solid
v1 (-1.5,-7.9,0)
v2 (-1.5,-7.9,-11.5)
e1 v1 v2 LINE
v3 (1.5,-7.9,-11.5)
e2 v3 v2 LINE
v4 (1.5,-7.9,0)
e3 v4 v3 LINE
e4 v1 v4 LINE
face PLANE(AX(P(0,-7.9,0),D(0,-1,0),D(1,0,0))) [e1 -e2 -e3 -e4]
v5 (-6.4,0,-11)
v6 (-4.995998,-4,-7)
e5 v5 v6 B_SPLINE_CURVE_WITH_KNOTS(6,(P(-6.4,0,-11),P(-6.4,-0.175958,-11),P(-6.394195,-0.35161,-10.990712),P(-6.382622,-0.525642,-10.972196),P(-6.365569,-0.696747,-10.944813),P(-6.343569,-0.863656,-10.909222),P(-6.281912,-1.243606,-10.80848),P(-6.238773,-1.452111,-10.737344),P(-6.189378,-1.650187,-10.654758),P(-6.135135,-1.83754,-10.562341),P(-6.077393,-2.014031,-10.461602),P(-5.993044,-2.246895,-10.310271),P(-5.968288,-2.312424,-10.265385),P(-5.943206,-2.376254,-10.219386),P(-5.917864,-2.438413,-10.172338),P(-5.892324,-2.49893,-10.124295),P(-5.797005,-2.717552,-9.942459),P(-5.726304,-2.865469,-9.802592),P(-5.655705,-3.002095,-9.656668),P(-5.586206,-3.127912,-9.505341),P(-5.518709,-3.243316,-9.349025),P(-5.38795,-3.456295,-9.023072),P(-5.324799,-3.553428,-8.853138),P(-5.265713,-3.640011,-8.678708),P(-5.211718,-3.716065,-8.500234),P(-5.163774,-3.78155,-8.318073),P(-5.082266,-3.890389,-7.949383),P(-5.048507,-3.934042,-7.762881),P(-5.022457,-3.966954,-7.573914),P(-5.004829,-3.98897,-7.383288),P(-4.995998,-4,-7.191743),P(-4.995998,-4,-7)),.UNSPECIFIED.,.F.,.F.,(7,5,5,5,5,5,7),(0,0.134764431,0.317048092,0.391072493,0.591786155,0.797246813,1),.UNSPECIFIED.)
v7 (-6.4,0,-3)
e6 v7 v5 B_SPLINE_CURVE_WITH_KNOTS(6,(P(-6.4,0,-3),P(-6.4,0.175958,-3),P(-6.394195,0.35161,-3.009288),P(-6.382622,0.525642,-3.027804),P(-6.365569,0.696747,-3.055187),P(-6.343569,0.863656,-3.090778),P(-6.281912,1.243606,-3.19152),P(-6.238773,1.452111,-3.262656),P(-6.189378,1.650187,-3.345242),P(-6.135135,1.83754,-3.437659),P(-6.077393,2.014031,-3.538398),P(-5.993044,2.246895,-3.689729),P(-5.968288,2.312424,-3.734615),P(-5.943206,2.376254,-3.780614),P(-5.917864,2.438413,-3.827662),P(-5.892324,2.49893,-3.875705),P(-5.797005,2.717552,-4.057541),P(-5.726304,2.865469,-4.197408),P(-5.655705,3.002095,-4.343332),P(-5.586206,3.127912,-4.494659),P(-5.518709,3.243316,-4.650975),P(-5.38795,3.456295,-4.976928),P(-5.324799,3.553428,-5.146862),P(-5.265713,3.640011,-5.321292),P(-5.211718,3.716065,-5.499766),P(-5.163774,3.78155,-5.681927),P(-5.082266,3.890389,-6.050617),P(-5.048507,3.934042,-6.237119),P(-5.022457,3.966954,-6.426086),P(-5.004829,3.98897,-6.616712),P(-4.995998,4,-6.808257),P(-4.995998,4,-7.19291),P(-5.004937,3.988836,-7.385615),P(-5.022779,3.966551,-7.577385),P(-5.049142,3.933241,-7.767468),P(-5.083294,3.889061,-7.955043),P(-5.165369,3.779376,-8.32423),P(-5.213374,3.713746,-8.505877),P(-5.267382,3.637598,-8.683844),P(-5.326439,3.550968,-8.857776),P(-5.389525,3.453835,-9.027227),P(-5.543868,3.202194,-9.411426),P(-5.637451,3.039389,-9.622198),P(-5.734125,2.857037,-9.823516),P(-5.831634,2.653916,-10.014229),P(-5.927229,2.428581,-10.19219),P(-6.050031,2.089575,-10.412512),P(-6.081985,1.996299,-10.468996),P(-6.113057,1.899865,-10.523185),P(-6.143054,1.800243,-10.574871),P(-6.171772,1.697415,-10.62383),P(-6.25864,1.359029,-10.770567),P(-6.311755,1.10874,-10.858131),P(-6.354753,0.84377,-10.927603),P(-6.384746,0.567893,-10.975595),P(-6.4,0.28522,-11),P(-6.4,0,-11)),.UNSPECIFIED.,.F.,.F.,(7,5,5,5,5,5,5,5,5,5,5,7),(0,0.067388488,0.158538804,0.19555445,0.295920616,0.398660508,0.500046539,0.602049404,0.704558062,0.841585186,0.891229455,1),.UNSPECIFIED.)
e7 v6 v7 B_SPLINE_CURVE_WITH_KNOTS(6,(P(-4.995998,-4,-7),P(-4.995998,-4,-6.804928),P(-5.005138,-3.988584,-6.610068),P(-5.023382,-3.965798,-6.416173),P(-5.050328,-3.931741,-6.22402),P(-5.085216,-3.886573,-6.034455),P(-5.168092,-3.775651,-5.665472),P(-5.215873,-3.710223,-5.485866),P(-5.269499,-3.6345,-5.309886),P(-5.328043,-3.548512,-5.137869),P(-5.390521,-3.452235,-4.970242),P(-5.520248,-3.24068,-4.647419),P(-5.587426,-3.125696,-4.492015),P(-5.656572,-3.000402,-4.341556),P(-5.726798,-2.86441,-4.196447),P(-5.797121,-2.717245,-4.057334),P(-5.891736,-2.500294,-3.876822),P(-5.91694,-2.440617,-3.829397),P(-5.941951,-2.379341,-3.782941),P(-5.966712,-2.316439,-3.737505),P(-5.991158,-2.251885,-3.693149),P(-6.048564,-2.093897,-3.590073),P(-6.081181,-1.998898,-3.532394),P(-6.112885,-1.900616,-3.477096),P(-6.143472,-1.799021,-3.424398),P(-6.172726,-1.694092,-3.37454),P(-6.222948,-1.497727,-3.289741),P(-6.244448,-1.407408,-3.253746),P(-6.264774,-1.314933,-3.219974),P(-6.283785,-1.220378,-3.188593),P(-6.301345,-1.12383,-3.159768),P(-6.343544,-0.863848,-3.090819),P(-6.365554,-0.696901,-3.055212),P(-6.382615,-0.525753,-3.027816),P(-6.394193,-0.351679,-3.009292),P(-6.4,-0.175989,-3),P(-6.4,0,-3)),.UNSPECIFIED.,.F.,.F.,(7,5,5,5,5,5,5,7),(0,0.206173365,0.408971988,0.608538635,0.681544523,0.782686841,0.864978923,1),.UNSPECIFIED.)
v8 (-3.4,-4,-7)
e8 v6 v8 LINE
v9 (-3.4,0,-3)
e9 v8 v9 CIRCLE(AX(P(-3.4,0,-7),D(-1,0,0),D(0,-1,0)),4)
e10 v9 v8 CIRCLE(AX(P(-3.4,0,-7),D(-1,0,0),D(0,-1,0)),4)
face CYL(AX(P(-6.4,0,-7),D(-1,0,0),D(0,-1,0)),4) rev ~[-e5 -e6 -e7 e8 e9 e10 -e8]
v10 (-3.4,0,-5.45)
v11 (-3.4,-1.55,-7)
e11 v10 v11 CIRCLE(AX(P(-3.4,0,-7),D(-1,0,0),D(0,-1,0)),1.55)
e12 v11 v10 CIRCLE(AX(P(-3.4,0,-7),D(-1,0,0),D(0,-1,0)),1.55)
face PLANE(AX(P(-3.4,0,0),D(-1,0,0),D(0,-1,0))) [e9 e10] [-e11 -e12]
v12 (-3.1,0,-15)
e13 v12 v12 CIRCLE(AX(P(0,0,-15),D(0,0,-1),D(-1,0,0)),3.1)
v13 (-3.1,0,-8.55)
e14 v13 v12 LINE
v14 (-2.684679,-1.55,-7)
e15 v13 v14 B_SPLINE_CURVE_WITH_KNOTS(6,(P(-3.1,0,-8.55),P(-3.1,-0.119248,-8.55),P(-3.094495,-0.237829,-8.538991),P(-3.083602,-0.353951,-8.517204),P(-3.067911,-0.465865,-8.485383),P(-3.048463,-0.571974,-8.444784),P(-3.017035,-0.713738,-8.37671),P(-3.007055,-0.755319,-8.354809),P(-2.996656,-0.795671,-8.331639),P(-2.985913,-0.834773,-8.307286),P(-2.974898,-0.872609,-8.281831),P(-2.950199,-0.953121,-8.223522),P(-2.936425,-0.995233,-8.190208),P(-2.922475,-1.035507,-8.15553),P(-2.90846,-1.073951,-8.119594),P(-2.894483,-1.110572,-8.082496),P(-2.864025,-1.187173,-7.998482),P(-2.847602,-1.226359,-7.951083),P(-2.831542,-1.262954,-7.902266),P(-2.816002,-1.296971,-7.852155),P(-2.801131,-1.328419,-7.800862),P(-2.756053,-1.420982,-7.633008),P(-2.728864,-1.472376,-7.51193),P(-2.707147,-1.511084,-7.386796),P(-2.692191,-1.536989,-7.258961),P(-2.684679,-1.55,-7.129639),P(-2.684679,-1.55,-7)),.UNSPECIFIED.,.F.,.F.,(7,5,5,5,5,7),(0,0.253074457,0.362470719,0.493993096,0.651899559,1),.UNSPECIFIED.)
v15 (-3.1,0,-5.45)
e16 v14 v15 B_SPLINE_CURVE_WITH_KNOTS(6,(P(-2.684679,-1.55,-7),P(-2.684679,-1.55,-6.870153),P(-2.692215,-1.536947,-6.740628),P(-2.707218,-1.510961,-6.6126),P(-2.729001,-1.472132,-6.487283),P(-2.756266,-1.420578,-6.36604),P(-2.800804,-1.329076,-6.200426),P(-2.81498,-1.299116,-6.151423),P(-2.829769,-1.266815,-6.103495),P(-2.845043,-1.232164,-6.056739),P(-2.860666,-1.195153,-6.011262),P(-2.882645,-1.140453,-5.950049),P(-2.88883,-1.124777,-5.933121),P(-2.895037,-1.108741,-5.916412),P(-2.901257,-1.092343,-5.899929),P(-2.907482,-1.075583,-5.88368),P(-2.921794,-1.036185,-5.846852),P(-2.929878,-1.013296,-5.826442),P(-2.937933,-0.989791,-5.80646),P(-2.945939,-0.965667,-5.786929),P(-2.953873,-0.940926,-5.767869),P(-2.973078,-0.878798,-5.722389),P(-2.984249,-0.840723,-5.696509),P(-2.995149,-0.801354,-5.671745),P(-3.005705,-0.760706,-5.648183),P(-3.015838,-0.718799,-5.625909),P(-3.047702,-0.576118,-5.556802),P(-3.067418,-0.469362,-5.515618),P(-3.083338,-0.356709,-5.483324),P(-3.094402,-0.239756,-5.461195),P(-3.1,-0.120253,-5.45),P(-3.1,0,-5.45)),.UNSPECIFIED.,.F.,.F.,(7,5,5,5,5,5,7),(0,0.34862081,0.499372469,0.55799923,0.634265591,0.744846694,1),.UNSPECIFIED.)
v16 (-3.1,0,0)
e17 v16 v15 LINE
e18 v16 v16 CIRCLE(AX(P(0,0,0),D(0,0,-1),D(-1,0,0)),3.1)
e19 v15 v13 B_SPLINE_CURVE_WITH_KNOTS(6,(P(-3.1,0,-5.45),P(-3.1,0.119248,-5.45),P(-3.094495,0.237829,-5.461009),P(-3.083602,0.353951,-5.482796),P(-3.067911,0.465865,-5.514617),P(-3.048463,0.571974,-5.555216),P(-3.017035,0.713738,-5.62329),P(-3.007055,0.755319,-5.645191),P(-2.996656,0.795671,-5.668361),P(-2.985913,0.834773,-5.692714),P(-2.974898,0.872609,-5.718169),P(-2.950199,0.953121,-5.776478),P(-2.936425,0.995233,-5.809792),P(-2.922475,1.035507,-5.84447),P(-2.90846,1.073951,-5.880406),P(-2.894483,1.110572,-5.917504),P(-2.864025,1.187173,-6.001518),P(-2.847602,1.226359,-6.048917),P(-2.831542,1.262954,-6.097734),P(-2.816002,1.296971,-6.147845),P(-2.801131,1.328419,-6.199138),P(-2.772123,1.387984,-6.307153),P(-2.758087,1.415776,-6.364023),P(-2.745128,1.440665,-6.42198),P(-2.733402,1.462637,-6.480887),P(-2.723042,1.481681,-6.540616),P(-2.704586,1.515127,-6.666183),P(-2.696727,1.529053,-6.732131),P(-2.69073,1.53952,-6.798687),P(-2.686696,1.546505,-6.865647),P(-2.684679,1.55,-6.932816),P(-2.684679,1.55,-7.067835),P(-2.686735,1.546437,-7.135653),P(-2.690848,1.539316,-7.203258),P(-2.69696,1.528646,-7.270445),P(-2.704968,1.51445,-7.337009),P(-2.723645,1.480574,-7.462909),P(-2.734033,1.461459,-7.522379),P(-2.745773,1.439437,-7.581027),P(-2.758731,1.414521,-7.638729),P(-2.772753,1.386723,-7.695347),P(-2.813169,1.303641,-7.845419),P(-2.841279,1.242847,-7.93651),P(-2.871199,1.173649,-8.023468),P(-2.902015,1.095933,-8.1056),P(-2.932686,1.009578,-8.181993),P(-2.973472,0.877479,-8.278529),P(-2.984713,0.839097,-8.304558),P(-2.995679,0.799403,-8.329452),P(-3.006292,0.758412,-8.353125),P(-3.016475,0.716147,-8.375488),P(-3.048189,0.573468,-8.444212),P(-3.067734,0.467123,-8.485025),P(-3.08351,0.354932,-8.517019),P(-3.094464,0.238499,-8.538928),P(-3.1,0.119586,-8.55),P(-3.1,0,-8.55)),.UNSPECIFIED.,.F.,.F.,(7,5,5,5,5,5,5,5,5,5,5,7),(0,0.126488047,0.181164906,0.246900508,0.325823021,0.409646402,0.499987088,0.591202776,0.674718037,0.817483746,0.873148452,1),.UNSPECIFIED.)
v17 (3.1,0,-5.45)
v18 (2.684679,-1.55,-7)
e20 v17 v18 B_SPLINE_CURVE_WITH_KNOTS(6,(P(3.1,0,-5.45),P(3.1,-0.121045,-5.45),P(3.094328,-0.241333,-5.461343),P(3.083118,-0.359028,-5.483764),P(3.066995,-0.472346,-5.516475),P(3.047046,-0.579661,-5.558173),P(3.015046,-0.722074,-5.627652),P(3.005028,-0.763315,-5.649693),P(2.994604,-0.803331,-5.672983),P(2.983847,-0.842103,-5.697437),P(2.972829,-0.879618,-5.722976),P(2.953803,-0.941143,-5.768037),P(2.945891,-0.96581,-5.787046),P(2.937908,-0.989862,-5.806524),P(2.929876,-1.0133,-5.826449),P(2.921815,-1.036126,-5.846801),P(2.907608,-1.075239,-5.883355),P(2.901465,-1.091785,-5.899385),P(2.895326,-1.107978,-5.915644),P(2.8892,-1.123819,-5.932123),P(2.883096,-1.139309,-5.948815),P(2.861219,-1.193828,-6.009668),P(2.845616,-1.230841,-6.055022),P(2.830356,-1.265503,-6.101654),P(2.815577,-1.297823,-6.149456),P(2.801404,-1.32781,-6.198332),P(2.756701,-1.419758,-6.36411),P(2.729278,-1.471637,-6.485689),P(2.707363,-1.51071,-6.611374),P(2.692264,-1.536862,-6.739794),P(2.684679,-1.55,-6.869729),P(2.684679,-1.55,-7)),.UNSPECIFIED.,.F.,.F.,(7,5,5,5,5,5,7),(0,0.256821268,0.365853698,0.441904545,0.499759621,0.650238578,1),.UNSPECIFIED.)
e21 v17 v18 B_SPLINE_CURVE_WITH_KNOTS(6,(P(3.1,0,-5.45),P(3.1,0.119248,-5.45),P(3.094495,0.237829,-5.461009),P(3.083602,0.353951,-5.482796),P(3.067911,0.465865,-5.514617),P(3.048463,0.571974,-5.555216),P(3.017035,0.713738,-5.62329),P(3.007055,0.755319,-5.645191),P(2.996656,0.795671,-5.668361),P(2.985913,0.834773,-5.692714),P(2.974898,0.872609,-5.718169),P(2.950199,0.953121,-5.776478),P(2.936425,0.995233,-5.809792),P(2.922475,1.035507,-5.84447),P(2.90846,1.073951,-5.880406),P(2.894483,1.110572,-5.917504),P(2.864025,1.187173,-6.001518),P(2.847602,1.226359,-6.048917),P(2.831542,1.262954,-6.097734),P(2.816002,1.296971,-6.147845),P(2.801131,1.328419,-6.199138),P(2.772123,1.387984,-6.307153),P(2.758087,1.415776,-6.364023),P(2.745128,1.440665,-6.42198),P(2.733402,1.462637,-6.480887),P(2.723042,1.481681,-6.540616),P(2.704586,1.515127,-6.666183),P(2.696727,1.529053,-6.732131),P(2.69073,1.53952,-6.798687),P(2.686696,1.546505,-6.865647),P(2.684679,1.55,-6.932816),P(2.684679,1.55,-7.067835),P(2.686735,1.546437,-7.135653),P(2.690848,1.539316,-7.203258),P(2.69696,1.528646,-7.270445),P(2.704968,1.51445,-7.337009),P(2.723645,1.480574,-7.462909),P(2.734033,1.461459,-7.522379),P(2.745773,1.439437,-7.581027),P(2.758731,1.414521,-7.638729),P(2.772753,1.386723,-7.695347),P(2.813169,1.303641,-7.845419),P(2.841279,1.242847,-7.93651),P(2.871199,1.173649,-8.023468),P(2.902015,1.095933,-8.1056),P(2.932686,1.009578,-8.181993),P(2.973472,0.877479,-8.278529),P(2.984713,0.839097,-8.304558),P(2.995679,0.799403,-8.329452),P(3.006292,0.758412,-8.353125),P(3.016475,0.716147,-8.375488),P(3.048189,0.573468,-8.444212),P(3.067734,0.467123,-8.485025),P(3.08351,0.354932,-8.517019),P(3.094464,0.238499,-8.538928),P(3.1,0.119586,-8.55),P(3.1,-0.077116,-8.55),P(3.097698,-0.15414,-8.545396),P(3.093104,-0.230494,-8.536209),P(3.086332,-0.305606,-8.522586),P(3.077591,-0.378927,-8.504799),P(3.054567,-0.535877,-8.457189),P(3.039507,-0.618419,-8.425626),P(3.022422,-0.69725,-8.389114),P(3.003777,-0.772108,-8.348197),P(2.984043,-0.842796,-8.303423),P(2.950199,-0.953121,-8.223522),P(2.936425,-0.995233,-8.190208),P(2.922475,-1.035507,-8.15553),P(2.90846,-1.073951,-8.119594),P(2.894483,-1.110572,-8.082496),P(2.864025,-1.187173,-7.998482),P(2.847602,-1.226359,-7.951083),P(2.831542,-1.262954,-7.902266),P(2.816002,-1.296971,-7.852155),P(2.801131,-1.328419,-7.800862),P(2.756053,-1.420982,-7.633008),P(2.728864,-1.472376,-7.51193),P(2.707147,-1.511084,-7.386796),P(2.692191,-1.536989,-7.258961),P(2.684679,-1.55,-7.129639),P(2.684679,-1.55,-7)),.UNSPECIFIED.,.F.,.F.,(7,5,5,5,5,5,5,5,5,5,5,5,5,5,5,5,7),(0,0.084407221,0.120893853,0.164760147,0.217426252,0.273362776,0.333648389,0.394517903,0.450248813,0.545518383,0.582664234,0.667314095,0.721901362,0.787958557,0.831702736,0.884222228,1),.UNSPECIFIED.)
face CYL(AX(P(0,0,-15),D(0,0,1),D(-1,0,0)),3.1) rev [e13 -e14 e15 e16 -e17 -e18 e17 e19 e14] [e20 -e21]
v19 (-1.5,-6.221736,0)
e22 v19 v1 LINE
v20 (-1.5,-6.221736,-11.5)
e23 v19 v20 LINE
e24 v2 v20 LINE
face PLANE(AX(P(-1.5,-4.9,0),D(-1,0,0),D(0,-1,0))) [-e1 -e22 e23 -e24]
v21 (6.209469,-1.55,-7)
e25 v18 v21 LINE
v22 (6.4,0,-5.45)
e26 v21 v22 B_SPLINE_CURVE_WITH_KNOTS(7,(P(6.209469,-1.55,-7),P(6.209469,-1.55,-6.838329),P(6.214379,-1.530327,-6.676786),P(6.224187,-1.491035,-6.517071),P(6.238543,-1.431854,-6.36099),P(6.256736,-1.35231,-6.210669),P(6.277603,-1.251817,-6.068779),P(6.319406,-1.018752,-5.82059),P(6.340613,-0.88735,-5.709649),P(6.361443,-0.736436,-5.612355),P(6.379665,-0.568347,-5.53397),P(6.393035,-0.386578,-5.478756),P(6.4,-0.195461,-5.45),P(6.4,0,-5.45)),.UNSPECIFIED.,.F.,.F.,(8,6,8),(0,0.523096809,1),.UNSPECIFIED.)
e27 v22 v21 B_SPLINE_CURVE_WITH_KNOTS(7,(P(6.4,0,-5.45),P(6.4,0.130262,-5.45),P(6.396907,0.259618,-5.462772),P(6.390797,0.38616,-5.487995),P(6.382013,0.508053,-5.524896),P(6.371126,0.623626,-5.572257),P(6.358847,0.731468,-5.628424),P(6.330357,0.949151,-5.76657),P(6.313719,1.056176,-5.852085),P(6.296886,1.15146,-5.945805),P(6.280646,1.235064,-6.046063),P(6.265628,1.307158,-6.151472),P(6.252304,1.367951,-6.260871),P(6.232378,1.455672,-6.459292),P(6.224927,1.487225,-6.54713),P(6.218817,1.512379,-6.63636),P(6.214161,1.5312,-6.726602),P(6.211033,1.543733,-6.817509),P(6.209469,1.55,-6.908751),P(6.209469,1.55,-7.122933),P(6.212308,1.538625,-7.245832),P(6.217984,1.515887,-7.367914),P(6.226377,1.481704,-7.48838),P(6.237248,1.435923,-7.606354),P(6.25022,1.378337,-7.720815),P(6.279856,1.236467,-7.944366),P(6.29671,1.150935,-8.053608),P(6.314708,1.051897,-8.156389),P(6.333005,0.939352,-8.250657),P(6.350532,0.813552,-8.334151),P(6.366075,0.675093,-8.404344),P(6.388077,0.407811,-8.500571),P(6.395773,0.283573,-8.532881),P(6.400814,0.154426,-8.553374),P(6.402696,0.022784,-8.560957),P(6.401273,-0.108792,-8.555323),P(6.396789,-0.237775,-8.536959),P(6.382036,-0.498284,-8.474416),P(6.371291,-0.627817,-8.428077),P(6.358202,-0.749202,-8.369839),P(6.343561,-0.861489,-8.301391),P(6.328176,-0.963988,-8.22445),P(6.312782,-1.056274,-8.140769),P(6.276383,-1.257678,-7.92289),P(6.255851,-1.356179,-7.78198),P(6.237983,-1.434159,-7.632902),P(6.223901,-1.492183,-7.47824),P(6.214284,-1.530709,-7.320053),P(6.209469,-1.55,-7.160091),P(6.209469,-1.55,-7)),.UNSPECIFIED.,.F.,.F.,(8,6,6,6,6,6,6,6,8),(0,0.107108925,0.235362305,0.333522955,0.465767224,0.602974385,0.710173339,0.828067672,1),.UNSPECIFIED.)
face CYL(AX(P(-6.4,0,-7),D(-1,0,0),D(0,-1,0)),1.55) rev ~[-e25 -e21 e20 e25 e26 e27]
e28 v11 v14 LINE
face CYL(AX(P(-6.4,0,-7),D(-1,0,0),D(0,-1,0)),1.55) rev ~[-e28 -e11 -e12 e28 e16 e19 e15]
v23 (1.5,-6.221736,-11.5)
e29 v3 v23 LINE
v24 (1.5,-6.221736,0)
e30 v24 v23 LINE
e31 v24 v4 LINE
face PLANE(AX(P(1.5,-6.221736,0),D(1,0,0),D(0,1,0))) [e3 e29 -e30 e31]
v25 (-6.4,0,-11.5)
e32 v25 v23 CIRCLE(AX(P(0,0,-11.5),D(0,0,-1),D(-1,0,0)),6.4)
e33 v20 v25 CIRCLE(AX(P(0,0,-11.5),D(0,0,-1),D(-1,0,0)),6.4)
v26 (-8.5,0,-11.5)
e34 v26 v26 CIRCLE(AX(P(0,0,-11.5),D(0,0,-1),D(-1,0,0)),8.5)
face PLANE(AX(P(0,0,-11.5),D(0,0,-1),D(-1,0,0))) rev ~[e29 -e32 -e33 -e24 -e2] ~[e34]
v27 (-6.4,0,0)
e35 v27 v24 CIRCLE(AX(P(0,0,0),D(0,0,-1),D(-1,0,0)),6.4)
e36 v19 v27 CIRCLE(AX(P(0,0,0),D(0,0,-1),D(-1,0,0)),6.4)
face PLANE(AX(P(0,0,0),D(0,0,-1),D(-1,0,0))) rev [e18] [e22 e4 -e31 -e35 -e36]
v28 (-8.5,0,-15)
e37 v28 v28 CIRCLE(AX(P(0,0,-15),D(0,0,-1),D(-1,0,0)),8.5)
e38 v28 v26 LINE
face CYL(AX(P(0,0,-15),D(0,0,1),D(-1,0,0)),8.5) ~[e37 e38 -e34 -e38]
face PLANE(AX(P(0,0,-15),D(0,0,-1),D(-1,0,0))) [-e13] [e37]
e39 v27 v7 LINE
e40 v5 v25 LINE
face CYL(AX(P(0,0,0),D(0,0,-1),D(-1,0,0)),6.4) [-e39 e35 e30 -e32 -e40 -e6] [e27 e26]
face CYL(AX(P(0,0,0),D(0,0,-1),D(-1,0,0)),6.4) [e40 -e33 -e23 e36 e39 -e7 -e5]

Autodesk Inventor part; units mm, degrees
ref_plane "YZ Plane" through (0, 0, 0) normal (1, 0, 0) x (0, 1, 0)
ref_plane "XZ Plane" through (0, 0, 0) normal (0, 1, 0) x (-1, 0, 0)
sketch "Sketch1" plane through (0, 0, 0) normal (0, 1, 0) x (-1, 0, 0)
  line L0 (0, 0) -> (0, -7)
  circle A0 centre (0, -7) radius 1.55
  line L1 (3.1, 0) -> (6.4, 0)
  circle A1 centre (0, -7) radius 4
  line L2 (0, -11) -> (0, -15)
  line L3 (3.1, -15) -> (3.1, 0)
  line L4 (6.4, 0) -> (6.4, -11.5)
  line L5 (6.35, -15) -> (3.1, -15)
  line L6 (3.1, -15) -> (8.5, -15)
  line L7 (8.5, -15) -> (8.5, -11.5)
  line L8 (8.5, -11.5) -> (6.4, -11.5)
  line L9 (6.4, 0) -> (7.9, 0)
  line L10 (7.9, 0) -> (7.9, -11.5)
  line L11 (6.4, 0) -> (4.9, 0)
  line L12 (4.9, 0) -> (4.9, -11.5)
  line L13 (4.9, -11.5) -> (6.4, -11.5)
  dimension "d4" = 8
  dimension "d0" = 7
  dimension "d1" = 3.1
  dimension "d2" = 6.4
  dimension "d3" = 3.1
  dimension "d5" = 4
  dimension "d6" = 8.5
  dimension "d7" = 3.5
  dimension "d18" = 1.5
  dimension "d19" = 1.5
revolve "Revolution1" add sketch "Sketch1" angle 360 about axis through (0, 0, 0) along (0, 0, -1) picked at (3.2637, -7.5872) contours L3 L1 L12 L13 L8 L7 L6 L5 A1 | A1 L3 | L1 L4 L13 L12
ref_plane "Work Plane1" through (-6.4, 0, 0) normal (-1, 0, 0) x (0, -1, 0)
sketch "Sketch2" plane through (-6.4, 0, 0) normal (-1, 0, 0) x (0, -1, 0)
  line L0 (0, 0) -> (0, -7)
  circle A0 centre (0, -7) radius 1.55
  circle A1 centre (0, -7) radius 4
  dimension "d11" = 7
  dimension "d12" = 3.1
  dimension "d13" = 8
extrude "Extrusion2" cut sketch "Sketch2" against normal blind 30 contours A0
extrude "Extrusion3" cut sketch "Sketch2" against normal blind 3
sketch "Sketch3" plane through (0, 0, 0) normal (0, 0, 1) x (1, 0, 0)
  circle A0 centre (0, 0) radius 3.1 projected
  line L0 (0, -3.1) -> (0, -6.4)
  circle A1 centre (0, 0) radius 6.4 projected
  line L1 (0, -6.4) -> (0, -7.9)
  line L2 (0, -6.4) -> (0, -4.9)
  line L3 (0, -4.9) -> (-1.5, -4.9)
  line L4 (-1.5, -4.9) -> (-1.5, -7.9)
  line L5 (-1.5, -7.9) -> (0, -7.9)
  line L6 (0, -7.9) -> (1.5, -7.9)
  line L7 (1.5, -7.9) -> (1.5, -4.9)
  line L8 (1.5, -4.9) -> (0, -4.9)
  dimension "d20" = 1.5
  dimension "d21" = 1.5
  dimension "d22" = 1.5
  dimension "d23" = 1.5
extrude "Extrusion4" add sketch "Sketch3" against normal blind 11.5 contours L8 L7 A1 L0 | L0 A1 L4 L3 | L1 L5 L4 A1 | A1 L7 L6 L1
properties part number "dc_to_omni_coupler_small"
